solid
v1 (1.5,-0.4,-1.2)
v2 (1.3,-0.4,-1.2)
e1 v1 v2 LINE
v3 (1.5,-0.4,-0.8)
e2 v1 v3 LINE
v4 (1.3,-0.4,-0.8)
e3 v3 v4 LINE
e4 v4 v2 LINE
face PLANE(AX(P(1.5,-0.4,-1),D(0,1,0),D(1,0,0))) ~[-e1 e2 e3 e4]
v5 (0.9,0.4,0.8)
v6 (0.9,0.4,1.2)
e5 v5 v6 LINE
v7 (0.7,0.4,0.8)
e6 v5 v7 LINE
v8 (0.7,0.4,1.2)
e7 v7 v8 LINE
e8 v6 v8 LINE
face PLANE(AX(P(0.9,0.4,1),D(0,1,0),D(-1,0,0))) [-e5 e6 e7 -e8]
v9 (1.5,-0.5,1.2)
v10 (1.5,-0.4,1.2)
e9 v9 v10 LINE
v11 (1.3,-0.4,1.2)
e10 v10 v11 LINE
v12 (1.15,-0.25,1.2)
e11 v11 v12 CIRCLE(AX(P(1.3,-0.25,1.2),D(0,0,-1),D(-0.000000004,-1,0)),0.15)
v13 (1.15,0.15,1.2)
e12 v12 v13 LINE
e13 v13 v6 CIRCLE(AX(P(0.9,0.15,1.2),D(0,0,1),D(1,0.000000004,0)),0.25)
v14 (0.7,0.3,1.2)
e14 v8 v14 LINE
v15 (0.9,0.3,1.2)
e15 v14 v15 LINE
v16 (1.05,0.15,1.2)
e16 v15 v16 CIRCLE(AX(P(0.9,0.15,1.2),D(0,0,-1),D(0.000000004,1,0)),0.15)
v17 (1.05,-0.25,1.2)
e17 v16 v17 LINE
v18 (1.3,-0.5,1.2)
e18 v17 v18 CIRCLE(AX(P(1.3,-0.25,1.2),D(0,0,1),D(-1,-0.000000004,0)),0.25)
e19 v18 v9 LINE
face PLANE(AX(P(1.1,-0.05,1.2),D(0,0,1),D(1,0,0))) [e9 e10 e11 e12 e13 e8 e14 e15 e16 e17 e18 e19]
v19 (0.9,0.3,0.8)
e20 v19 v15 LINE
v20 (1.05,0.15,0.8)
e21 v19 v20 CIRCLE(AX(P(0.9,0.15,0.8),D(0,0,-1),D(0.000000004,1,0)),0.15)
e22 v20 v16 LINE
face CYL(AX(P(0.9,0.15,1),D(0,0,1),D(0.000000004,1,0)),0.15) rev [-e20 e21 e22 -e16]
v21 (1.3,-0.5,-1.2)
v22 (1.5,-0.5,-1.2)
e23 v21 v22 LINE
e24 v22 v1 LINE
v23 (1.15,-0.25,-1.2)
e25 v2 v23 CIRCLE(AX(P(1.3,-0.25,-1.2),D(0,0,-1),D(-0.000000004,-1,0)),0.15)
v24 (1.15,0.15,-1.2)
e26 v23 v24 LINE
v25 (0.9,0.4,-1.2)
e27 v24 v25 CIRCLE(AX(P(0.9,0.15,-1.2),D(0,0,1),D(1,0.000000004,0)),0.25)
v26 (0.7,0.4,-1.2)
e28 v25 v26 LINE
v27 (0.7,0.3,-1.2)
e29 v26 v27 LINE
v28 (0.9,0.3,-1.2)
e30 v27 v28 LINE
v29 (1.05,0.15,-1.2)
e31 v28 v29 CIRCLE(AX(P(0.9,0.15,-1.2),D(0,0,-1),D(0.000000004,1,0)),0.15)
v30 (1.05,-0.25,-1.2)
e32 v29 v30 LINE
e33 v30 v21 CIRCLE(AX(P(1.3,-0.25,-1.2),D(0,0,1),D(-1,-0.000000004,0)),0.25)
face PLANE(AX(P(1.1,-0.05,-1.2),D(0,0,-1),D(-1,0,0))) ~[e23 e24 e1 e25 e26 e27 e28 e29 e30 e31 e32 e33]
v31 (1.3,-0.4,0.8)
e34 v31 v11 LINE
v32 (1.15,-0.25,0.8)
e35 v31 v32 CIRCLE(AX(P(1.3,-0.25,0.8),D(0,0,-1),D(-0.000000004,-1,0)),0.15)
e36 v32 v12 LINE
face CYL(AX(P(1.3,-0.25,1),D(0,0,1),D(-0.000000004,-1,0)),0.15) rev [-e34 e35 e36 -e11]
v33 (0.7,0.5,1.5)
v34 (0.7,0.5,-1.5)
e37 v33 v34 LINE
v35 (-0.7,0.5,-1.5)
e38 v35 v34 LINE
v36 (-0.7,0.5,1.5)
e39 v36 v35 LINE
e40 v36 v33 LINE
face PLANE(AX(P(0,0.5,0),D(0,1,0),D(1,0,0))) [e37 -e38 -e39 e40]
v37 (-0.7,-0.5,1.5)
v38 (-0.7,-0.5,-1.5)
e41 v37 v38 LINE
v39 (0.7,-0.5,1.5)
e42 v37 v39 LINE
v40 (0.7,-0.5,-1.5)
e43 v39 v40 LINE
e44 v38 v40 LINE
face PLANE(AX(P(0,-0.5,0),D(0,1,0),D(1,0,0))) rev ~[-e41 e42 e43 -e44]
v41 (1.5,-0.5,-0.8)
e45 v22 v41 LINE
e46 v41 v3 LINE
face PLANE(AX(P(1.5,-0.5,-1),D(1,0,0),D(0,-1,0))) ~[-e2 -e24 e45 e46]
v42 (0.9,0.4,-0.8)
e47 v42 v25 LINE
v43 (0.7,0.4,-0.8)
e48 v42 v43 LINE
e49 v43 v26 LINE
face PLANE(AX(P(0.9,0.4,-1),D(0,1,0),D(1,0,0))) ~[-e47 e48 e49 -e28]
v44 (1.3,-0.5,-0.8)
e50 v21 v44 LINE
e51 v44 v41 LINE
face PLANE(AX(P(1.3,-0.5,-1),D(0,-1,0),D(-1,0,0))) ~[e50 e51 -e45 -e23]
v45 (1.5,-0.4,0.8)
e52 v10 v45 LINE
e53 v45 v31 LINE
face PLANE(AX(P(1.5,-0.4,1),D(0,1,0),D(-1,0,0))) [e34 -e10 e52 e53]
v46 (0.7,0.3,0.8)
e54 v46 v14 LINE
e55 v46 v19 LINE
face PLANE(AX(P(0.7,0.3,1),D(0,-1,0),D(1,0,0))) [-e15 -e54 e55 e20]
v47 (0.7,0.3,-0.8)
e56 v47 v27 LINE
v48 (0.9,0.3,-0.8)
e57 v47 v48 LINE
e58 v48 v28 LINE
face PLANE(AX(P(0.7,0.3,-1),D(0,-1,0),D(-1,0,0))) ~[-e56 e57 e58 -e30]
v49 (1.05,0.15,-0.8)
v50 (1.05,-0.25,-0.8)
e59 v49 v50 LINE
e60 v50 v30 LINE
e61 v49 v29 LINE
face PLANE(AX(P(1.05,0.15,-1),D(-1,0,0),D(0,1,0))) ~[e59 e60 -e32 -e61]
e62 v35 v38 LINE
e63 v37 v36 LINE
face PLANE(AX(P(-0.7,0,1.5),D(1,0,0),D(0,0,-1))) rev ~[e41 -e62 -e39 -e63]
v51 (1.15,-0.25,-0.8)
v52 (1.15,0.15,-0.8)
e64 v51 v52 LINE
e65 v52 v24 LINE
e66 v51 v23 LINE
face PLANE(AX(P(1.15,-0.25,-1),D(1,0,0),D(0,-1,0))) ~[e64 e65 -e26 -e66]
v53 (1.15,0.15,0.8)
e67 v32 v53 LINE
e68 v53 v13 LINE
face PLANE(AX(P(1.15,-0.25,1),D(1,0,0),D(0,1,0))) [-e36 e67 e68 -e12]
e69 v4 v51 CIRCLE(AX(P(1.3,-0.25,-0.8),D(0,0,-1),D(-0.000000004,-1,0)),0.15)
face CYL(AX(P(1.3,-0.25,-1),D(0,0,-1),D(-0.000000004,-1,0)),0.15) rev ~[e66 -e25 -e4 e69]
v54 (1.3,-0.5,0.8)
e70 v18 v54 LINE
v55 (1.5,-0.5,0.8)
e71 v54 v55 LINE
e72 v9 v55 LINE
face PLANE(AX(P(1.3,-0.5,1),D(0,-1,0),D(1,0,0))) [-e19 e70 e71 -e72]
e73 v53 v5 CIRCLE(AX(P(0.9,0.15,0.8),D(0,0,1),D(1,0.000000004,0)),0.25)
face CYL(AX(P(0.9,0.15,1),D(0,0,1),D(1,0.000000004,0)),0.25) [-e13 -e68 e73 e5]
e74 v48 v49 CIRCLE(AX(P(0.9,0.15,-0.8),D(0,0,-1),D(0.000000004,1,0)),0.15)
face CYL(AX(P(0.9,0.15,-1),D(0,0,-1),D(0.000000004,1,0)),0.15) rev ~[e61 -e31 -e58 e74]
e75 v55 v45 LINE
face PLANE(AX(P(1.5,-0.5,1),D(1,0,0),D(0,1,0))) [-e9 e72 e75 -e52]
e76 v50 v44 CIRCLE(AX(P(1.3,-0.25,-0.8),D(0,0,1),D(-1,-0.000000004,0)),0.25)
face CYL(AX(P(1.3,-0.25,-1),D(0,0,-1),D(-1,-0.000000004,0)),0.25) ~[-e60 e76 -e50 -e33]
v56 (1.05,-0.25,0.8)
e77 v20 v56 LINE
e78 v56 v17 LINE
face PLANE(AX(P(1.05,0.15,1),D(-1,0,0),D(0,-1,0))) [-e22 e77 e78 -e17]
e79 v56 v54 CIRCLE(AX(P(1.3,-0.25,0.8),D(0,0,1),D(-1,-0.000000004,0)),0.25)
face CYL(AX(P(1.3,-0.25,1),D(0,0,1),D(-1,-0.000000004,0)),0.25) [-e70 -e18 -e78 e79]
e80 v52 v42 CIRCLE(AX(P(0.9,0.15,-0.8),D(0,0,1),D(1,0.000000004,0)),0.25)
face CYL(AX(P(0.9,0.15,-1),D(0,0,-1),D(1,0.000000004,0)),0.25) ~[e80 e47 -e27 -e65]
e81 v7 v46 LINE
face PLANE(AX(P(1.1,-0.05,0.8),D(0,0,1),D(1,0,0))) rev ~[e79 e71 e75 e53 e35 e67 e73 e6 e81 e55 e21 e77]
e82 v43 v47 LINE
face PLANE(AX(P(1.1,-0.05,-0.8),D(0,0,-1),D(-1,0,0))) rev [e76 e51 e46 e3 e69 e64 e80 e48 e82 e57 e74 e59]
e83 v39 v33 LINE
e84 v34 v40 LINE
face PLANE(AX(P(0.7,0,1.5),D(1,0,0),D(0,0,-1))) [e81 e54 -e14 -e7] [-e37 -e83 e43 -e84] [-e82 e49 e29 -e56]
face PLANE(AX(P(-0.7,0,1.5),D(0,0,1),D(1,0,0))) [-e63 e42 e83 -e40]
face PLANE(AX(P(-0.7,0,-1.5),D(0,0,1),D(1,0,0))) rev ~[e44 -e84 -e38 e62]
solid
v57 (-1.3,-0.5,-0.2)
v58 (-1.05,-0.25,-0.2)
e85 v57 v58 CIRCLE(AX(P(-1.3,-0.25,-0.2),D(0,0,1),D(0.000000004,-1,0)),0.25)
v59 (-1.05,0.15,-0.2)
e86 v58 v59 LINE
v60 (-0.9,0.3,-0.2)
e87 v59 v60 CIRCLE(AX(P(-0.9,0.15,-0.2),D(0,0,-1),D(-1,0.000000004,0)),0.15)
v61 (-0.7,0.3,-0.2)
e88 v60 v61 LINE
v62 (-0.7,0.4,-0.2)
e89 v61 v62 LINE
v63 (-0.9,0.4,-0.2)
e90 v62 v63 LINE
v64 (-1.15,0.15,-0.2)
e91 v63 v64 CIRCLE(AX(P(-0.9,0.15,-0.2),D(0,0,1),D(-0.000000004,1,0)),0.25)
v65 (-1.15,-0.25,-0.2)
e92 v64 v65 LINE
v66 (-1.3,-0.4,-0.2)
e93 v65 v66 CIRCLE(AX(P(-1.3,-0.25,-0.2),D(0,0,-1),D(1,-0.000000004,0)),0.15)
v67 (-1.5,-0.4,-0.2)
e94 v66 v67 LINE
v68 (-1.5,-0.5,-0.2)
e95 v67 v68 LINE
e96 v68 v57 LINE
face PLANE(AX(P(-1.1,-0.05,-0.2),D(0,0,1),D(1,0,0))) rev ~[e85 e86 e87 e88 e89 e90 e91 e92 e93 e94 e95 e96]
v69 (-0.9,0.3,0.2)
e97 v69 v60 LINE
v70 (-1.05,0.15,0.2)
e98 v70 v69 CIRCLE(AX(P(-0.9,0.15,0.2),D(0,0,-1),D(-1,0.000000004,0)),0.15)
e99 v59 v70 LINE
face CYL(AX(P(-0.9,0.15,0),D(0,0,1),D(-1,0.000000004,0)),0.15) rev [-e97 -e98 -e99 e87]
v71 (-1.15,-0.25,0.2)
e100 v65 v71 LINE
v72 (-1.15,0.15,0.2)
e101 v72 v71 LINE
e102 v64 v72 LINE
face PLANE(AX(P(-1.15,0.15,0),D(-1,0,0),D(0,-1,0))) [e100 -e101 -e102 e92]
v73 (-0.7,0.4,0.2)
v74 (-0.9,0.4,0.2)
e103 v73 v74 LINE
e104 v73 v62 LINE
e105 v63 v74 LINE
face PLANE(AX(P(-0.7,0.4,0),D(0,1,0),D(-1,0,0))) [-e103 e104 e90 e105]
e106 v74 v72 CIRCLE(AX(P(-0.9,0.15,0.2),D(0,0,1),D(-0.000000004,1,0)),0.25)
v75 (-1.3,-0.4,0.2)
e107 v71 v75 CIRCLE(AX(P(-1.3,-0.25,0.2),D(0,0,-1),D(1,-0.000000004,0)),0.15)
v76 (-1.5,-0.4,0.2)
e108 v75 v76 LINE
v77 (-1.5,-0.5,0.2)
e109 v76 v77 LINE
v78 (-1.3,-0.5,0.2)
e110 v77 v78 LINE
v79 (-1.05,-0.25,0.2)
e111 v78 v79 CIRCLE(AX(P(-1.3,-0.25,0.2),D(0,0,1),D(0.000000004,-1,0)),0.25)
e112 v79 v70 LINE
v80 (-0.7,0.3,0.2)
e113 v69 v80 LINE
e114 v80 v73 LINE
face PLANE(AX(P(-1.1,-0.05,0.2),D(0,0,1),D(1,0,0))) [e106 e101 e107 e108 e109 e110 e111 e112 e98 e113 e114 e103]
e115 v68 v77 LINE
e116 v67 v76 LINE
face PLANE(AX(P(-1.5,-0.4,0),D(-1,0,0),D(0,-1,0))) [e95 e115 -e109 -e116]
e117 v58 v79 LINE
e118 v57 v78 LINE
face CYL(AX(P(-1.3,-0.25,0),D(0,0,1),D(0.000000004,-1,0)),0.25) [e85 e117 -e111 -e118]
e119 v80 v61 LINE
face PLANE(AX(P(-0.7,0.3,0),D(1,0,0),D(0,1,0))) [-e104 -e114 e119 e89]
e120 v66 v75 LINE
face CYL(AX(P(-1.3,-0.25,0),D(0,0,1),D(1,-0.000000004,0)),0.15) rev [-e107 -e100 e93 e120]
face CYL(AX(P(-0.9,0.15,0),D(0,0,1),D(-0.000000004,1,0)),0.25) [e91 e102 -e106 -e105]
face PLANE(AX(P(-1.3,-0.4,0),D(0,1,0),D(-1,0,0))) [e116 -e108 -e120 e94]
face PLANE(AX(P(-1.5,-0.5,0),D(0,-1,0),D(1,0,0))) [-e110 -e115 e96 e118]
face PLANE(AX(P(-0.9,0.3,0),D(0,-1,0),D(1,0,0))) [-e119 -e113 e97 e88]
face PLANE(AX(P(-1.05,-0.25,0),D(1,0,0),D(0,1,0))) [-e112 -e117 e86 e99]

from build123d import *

# Parameters (mm, degrees)
BASES_W      = 1.4
BASES_H      = 3
BASE_DEPTH   = 0.5
LEG_DEPTH    = 0.2
MIDLEG_DEPTH = 0.2


with BuildPart() as part:
    # BaseS → Base (new body, symmetric)
    with BuildSketch(Plane(origin=(0, 0, 0), x_dir=(1, 0, 0), z_dir=(0, 1, 0))):
        Rectangle(BASES_W, BASES_H)
    extrude(amount=BASE_DEPTH, both=True)

    # LegS → Leg (add, symmetric)
    with BuildSketch(Plane.XY.offset(1)):
        with BuildLine():
            Line((1.5, -0.4), (1.3, -0.4))
            ThreePointArc((1.3, -0.4), (1.193933983, -0.356066017), (1.15, -0.25))
            Line((1.15, -0.25), (1.15, 0.15))
            ThreePointArc((1.15, 0.15), (1.076776695, 0.326776695), (0.9, 0.4))
            Line((0.9, 0.4), (0.7, 0.4))
            Line((0.7, 0.4), (0.7, 0.3))
            Line((0.7, 0.3), (0.9, 0.3))
            ThreePointArc((0.9, 0.3), (1.006066017, 0.256066017), (1.05, 0.15))
            Line((1.05, 0.15), (1.05, -0.25))
            ThreePointArc((1.05, -0.25), (1.123223305, -0.426776695), (1.3, -0.5))
            Line((1.3, -0.5), (1.5, -0.5))
            Line((1.5, -0.5), (1.5, -0.4))
        make_face()
    leg = extrude(amount=LEG_DEPTH, both=True)

    # Mirror1: Leg across plane
    add(leg.mirror(Plane.XY))


with BuildPart() as body_2:
    # MidLegS → MidLeg (new body, symmetric)
    with BuildSketch(Plane.XY):
        with BuildLine():
            Line((-0.7, 0.4), (-0.9, 0.4))
            ThreePointArc((-0.9, 0.4), (-1.076776695, 0.326776695), (-1.15, 0.15))
            Line((-1.15, 0.15), (-1.15, -0.25))
            ThreePointArc((-1.15, -0.25), (-1.193933983, -0.356066017), (-1.3, -0.4))
            Line((-1.3, -0.4), (-1.5, -0.4))
            Line((-1.5, -0.4), (-1.5, -0.5))
            Line((-1.5, -0.5), (-1.3, -0.5))
            ThreePointArc((-1.3, -0.5), (-1.123223305, -0.426776695), (-1.05, -0.25))
            Line((-1.05, -0.25), (-1.05, 0.15))
            ThreePointArc((-1.05, 0.15), (-1.006066017, 0.256066017), (-0.9, 0.3))
            Line((-0.9, 0.3), (-0.7, 0.3))
            Line((-0.7, 0.3), (-0.7, 0.4))
        make_face()
    extrude(amount=MIDLEG_DEPTH, both=True)


solid = Compound([part.part, body_2.part])
